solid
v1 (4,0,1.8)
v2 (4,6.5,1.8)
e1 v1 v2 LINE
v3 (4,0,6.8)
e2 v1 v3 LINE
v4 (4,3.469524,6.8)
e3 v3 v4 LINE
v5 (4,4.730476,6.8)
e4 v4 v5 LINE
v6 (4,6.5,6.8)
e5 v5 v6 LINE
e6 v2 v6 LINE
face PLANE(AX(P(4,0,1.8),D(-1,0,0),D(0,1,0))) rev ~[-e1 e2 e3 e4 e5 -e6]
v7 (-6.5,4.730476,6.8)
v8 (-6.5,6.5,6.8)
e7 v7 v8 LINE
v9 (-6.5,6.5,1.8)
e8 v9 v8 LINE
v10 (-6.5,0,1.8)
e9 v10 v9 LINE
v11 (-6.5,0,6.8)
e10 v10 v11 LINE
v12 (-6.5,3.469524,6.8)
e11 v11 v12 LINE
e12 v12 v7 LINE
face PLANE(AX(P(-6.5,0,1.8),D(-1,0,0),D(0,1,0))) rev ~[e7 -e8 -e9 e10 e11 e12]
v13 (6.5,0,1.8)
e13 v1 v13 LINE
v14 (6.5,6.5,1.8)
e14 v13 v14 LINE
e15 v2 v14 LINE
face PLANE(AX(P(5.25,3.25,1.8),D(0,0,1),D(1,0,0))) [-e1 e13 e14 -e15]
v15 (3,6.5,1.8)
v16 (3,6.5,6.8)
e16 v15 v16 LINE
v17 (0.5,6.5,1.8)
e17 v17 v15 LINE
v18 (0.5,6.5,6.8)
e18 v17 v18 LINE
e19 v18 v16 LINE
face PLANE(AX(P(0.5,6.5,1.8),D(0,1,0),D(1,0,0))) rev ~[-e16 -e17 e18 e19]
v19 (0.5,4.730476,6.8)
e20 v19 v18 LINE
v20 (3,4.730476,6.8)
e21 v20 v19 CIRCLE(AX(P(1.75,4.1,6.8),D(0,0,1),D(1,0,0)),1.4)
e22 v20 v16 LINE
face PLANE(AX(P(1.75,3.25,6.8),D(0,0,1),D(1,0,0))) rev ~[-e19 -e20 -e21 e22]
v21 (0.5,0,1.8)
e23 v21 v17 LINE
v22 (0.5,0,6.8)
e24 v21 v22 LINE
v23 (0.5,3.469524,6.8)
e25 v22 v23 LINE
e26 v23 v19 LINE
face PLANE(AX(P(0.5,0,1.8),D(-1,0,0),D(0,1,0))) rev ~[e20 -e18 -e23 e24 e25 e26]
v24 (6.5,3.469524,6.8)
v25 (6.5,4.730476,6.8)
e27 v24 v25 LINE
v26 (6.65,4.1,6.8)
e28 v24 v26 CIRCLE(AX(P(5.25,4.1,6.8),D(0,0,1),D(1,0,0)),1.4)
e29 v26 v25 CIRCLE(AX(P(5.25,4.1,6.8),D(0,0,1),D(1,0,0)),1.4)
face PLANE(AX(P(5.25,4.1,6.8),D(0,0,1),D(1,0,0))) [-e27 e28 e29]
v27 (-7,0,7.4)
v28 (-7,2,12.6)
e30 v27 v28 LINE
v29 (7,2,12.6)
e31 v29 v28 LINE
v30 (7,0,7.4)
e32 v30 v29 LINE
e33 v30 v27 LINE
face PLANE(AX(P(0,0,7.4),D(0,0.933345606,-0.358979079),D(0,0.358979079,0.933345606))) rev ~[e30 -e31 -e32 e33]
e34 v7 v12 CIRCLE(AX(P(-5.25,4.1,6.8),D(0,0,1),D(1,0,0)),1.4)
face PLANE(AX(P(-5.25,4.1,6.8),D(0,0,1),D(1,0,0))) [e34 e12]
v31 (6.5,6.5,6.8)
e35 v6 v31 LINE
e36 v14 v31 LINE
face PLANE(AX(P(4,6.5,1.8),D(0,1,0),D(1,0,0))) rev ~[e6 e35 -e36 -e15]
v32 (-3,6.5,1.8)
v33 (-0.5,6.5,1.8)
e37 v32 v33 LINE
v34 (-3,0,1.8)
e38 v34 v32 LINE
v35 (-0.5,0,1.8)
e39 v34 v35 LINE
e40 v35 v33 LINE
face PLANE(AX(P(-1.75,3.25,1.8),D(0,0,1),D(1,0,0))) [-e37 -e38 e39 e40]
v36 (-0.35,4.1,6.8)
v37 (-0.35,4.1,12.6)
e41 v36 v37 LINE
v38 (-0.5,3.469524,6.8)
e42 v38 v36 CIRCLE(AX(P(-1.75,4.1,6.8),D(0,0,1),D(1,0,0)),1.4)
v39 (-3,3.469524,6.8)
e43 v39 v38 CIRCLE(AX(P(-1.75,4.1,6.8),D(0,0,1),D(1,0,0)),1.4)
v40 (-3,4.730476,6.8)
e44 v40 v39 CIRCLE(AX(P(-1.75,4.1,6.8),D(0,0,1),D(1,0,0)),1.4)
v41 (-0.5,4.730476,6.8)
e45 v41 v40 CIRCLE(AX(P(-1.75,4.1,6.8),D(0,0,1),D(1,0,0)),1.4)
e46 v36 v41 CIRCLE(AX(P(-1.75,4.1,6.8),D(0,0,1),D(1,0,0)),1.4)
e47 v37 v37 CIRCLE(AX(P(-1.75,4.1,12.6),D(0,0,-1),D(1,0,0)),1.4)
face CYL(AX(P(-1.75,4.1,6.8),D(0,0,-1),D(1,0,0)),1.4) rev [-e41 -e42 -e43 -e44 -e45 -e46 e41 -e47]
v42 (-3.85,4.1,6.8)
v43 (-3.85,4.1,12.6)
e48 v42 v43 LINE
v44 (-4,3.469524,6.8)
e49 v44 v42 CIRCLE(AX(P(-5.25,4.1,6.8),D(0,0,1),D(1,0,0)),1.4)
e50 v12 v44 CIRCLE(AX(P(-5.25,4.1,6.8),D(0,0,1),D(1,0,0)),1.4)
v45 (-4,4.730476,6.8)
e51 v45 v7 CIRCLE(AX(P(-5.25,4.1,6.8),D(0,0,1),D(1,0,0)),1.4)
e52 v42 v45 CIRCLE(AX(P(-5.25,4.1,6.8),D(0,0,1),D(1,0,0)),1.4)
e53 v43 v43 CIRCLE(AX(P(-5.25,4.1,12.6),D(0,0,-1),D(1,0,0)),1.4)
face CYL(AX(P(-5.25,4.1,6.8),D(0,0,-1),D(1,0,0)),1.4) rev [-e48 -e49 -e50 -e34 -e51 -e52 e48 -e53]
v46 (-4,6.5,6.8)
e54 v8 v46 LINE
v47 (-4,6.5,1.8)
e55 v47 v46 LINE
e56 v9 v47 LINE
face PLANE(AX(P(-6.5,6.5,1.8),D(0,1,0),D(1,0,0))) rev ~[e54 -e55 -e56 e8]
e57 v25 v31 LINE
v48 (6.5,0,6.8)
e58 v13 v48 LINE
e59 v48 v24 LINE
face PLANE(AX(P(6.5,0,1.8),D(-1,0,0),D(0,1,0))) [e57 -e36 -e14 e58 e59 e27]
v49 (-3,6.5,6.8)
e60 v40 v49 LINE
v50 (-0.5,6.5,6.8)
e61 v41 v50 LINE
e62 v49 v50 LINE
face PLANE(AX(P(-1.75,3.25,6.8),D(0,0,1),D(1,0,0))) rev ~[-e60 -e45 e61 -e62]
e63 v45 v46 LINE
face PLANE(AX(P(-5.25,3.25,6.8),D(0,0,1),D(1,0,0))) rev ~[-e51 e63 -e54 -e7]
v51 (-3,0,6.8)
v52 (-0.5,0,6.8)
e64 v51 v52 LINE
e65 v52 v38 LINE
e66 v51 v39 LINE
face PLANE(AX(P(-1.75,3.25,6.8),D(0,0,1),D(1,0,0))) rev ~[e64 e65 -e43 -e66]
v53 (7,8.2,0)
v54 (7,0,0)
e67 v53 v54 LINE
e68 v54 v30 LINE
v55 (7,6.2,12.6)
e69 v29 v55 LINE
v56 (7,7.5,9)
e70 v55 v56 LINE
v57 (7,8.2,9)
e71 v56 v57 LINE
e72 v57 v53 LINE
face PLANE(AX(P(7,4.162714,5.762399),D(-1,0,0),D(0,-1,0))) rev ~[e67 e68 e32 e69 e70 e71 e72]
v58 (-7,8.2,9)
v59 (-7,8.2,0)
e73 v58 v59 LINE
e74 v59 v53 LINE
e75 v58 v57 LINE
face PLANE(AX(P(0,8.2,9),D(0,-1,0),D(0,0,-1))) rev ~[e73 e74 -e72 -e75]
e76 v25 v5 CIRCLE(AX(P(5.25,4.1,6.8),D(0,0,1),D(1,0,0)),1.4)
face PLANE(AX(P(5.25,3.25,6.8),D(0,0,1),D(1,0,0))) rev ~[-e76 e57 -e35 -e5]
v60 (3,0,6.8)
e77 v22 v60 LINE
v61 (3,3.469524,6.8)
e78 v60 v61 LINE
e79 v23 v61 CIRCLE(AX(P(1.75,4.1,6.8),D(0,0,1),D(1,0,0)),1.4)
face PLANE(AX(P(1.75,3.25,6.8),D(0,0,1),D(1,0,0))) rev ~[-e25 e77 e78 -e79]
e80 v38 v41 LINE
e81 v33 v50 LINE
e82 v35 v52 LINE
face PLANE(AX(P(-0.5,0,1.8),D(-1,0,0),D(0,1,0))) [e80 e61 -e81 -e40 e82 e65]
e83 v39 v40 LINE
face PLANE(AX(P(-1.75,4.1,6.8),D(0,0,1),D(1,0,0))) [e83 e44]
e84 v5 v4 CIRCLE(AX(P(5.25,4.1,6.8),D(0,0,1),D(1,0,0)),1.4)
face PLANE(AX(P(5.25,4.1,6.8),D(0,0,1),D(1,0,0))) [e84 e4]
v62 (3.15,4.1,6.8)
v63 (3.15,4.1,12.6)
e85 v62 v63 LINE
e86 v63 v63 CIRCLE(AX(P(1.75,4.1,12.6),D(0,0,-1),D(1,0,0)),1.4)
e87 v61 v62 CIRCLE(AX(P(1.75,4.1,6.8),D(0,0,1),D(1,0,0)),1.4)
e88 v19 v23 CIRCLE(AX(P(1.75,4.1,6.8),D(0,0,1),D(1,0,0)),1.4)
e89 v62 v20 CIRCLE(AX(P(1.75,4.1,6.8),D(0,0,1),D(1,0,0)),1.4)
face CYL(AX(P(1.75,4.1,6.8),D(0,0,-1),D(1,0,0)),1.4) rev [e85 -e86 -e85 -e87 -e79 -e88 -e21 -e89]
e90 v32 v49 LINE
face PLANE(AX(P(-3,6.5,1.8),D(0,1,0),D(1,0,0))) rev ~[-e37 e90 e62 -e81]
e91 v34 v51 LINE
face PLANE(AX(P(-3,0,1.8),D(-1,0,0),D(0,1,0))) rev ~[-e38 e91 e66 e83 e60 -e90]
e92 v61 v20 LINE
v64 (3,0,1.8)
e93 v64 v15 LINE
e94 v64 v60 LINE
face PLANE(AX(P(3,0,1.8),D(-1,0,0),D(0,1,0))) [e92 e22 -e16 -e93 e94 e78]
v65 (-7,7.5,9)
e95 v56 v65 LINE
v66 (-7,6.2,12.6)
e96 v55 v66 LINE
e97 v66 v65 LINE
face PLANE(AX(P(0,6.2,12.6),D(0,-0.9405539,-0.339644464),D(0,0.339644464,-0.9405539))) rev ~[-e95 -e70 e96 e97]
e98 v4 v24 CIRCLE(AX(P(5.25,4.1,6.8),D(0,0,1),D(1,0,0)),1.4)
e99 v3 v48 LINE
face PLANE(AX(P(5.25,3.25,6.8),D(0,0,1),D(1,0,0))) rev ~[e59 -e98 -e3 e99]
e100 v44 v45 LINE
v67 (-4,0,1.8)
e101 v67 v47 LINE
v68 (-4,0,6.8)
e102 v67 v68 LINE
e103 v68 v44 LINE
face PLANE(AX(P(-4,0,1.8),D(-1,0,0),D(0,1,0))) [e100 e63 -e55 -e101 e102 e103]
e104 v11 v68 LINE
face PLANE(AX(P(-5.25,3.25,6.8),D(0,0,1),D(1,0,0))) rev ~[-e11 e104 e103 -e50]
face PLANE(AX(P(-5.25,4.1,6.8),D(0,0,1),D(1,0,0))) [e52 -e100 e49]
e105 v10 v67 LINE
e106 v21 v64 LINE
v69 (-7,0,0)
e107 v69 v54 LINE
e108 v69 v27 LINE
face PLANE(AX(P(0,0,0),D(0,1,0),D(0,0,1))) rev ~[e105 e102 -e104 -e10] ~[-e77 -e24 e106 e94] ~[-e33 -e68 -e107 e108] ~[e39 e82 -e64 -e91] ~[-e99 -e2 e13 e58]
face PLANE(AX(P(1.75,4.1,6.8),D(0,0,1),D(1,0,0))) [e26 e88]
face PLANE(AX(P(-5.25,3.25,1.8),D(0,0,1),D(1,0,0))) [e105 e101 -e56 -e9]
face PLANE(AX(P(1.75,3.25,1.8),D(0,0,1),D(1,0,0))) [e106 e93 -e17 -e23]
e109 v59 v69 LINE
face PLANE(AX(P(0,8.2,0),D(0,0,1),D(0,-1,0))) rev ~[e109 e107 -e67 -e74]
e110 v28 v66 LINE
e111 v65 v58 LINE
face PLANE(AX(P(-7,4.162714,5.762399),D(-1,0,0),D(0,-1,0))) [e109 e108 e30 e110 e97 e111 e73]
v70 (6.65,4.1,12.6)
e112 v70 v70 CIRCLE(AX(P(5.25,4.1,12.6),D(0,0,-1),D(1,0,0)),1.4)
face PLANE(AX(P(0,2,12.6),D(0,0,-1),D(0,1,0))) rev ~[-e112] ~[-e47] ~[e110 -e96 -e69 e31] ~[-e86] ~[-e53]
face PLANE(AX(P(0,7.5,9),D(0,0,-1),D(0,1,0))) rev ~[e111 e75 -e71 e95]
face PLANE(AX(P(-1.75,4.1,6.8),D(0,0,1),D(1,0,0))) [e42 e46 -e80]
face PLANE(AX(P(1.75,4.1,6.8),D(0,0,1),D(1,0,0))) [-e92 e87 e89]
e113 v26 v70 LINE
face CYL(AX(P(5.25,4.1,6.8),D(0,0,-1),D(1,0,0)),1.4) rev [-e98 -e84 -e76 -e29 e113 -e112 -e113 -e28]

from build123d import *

# Parameters (mm, degrees)
BOX005_W          = 2.5
BOX005_H          = 6.5
BOX005_DEPTH      = 5
BOX006_W          = 2.5
BOX006_H          = 6.5
BOX006_DEPTH      = 5
BOX007_W          = 2.5
BOX007_H          = 6.5
BOX007_DEPTH      = 5
BOX004_W          = 2.5
BOX004_H          = 6.5
BOX004_DEPTH      = 5
CYLINDER001_R     = 1.4
CYLINDER001_DEPTH = 6.1
CYLINDER002_R     = 1.4
CYLINDER002_DEPTH = 6.1
CYLINDER003_R     = 1.4
CYLINDER003_DEPTH = 6.1
CYLINDER_R        = 1.4
CYLINDER_DEPTH    = 6.1
EXTRUDE_DEPTH     = 7


with BuildPart() as cube001:
    # Box005 → Box005 (new body)
    with BuildSketch(Plane(origin=(-3, 0, 1.8), x_dir=(1, 0, 0), z_dir=(0, 0, 1))):
        with Locations((1.25, 3.25)):
            Rectangle(BOX005_W, BOX005_H)
    extrude(amount=BOX005_DEPTH)


with BuildPart() as cube002:
    # Box006 → Box006 (new body)
    with BuildSketch(Plane(origin=(0.5, 0, 1.8), x_dir=(1, 0, 0), z_dir=(0, 0, 1))):
        with Locations((1.25, 3.25)):
            Rectangle(BOX006_W, BOX006_H)
    extrude(amount=BOX006_DEPTH)


with BuildPart() as cube003:
    # Box007 → Box007 (new body)
    with BuildSketch(Plane(origin=(4, 0, 1.8), x_dir=(1, 0, 0), z_dir=(0, 0, 1))):
        with Locations((1.25, 3.25)):
            Rectangle(BOX007_W, BOX007_H)
    extrude(amount=BOX007_DEPTH)


with BuildPart() as cube:
    # Box004 → Box004 (new body)
    with BuildSketch(Plane(origin=(-6.5, 0, 1.8), x_dir=(1, 0, 0), z_dir=(0, 0, 1))):
        with Locations((1.25, 3.25)):
            Rectangle(BOX004_W, BOX004_H)
    extrude(amount=BOX004_DEPTH)


with BuildPart() as cylinder001:
    # Cylinder001 → Cylinder001 (new body)
    with BuildSketch(Plane(origin=(5.25, 4.1, 6.8), x_dir=(1, 0, 0), z_dir=(0, 0, 1))):
        Circle(CYLINDER001_R)
    extrude(amount=CYLINDER001_DEPTH)


with BuildPart() as cylinder002:
    # Cylinder002 → Cylinder002 (new body)
    with BuildSketch(Plane(origin=(-1.75, 4.1, 6.8), x_dir=(1, 0, 0), z_dir=(0, 0, 1))):
        Circle(CYLINDER002_R)
    extrude(amount=CYLINDER002_DEPTH)


with BuildPart() as cylinder003:
    # Cylinder003 → Cylinder003 (new body)
    with BuildSketch(Plane(origin=(-5.25, 4.1, 6.8), x_dir=(1, 0, 0), z_dir=(0, 0, 1))):
        Circle(CYLINDER003_R)
    extrude(amount=CYLINDER003_DEPTH)


with BuildPart() as cylinder:
    # Cylinder → Cylinder (new body)
    with BuildSketch(Plane(origin=(1.75, 4.1, 6.8), x_dir=(1, 0, 0), z_dir=(0, 0, 1))):
        Circle(CYLINDER_R)
    extrude(amount=CYLINDER_DEPTH)


with BuildPart() as plastic_body:
    # Wire → Extrude (new body, symmetric)
    with BuildSketch(Plane.YZ):
        Polygon((0, 0), (0, 7.4), (2, 12.6), (6.2, 12.6), (7.5, 9), (8.2, 9), (8.2, 0), align=None)
    extrude(amount=EXTRUDE_DEPTH, both=True)

    # Cut: cut Cylinder
    add(cylinder.part, mode=Mode.SUBTRACT)

    # Cut001: cut Cylinder003
    add(cylinder003.part, mode=Mode.SUBTRACT)

    # Cut002: cut Cylinder002
    add(cylinder002.part, mode=Mode.SUBTRACT)

    # Cut003: cut Cylinder001
    add(cylinder001.part, mode=Mode.SUBTRACT)

    # Cut004: cut Cube
    add(cube.part, mode=Mode.SUBTRACT)

    # Cut005: cut Cube003
    add(cube003.part, mode=Mode.SUBTRACT)

    # Cut006: cut Cube002
    add(cube002.part, mode=Mode.SUBTRACT)

    # Cut007: cut Cube001
    add(cube001.part, mode=Mode.SUBTRACT)


solid = plastic_body.part
